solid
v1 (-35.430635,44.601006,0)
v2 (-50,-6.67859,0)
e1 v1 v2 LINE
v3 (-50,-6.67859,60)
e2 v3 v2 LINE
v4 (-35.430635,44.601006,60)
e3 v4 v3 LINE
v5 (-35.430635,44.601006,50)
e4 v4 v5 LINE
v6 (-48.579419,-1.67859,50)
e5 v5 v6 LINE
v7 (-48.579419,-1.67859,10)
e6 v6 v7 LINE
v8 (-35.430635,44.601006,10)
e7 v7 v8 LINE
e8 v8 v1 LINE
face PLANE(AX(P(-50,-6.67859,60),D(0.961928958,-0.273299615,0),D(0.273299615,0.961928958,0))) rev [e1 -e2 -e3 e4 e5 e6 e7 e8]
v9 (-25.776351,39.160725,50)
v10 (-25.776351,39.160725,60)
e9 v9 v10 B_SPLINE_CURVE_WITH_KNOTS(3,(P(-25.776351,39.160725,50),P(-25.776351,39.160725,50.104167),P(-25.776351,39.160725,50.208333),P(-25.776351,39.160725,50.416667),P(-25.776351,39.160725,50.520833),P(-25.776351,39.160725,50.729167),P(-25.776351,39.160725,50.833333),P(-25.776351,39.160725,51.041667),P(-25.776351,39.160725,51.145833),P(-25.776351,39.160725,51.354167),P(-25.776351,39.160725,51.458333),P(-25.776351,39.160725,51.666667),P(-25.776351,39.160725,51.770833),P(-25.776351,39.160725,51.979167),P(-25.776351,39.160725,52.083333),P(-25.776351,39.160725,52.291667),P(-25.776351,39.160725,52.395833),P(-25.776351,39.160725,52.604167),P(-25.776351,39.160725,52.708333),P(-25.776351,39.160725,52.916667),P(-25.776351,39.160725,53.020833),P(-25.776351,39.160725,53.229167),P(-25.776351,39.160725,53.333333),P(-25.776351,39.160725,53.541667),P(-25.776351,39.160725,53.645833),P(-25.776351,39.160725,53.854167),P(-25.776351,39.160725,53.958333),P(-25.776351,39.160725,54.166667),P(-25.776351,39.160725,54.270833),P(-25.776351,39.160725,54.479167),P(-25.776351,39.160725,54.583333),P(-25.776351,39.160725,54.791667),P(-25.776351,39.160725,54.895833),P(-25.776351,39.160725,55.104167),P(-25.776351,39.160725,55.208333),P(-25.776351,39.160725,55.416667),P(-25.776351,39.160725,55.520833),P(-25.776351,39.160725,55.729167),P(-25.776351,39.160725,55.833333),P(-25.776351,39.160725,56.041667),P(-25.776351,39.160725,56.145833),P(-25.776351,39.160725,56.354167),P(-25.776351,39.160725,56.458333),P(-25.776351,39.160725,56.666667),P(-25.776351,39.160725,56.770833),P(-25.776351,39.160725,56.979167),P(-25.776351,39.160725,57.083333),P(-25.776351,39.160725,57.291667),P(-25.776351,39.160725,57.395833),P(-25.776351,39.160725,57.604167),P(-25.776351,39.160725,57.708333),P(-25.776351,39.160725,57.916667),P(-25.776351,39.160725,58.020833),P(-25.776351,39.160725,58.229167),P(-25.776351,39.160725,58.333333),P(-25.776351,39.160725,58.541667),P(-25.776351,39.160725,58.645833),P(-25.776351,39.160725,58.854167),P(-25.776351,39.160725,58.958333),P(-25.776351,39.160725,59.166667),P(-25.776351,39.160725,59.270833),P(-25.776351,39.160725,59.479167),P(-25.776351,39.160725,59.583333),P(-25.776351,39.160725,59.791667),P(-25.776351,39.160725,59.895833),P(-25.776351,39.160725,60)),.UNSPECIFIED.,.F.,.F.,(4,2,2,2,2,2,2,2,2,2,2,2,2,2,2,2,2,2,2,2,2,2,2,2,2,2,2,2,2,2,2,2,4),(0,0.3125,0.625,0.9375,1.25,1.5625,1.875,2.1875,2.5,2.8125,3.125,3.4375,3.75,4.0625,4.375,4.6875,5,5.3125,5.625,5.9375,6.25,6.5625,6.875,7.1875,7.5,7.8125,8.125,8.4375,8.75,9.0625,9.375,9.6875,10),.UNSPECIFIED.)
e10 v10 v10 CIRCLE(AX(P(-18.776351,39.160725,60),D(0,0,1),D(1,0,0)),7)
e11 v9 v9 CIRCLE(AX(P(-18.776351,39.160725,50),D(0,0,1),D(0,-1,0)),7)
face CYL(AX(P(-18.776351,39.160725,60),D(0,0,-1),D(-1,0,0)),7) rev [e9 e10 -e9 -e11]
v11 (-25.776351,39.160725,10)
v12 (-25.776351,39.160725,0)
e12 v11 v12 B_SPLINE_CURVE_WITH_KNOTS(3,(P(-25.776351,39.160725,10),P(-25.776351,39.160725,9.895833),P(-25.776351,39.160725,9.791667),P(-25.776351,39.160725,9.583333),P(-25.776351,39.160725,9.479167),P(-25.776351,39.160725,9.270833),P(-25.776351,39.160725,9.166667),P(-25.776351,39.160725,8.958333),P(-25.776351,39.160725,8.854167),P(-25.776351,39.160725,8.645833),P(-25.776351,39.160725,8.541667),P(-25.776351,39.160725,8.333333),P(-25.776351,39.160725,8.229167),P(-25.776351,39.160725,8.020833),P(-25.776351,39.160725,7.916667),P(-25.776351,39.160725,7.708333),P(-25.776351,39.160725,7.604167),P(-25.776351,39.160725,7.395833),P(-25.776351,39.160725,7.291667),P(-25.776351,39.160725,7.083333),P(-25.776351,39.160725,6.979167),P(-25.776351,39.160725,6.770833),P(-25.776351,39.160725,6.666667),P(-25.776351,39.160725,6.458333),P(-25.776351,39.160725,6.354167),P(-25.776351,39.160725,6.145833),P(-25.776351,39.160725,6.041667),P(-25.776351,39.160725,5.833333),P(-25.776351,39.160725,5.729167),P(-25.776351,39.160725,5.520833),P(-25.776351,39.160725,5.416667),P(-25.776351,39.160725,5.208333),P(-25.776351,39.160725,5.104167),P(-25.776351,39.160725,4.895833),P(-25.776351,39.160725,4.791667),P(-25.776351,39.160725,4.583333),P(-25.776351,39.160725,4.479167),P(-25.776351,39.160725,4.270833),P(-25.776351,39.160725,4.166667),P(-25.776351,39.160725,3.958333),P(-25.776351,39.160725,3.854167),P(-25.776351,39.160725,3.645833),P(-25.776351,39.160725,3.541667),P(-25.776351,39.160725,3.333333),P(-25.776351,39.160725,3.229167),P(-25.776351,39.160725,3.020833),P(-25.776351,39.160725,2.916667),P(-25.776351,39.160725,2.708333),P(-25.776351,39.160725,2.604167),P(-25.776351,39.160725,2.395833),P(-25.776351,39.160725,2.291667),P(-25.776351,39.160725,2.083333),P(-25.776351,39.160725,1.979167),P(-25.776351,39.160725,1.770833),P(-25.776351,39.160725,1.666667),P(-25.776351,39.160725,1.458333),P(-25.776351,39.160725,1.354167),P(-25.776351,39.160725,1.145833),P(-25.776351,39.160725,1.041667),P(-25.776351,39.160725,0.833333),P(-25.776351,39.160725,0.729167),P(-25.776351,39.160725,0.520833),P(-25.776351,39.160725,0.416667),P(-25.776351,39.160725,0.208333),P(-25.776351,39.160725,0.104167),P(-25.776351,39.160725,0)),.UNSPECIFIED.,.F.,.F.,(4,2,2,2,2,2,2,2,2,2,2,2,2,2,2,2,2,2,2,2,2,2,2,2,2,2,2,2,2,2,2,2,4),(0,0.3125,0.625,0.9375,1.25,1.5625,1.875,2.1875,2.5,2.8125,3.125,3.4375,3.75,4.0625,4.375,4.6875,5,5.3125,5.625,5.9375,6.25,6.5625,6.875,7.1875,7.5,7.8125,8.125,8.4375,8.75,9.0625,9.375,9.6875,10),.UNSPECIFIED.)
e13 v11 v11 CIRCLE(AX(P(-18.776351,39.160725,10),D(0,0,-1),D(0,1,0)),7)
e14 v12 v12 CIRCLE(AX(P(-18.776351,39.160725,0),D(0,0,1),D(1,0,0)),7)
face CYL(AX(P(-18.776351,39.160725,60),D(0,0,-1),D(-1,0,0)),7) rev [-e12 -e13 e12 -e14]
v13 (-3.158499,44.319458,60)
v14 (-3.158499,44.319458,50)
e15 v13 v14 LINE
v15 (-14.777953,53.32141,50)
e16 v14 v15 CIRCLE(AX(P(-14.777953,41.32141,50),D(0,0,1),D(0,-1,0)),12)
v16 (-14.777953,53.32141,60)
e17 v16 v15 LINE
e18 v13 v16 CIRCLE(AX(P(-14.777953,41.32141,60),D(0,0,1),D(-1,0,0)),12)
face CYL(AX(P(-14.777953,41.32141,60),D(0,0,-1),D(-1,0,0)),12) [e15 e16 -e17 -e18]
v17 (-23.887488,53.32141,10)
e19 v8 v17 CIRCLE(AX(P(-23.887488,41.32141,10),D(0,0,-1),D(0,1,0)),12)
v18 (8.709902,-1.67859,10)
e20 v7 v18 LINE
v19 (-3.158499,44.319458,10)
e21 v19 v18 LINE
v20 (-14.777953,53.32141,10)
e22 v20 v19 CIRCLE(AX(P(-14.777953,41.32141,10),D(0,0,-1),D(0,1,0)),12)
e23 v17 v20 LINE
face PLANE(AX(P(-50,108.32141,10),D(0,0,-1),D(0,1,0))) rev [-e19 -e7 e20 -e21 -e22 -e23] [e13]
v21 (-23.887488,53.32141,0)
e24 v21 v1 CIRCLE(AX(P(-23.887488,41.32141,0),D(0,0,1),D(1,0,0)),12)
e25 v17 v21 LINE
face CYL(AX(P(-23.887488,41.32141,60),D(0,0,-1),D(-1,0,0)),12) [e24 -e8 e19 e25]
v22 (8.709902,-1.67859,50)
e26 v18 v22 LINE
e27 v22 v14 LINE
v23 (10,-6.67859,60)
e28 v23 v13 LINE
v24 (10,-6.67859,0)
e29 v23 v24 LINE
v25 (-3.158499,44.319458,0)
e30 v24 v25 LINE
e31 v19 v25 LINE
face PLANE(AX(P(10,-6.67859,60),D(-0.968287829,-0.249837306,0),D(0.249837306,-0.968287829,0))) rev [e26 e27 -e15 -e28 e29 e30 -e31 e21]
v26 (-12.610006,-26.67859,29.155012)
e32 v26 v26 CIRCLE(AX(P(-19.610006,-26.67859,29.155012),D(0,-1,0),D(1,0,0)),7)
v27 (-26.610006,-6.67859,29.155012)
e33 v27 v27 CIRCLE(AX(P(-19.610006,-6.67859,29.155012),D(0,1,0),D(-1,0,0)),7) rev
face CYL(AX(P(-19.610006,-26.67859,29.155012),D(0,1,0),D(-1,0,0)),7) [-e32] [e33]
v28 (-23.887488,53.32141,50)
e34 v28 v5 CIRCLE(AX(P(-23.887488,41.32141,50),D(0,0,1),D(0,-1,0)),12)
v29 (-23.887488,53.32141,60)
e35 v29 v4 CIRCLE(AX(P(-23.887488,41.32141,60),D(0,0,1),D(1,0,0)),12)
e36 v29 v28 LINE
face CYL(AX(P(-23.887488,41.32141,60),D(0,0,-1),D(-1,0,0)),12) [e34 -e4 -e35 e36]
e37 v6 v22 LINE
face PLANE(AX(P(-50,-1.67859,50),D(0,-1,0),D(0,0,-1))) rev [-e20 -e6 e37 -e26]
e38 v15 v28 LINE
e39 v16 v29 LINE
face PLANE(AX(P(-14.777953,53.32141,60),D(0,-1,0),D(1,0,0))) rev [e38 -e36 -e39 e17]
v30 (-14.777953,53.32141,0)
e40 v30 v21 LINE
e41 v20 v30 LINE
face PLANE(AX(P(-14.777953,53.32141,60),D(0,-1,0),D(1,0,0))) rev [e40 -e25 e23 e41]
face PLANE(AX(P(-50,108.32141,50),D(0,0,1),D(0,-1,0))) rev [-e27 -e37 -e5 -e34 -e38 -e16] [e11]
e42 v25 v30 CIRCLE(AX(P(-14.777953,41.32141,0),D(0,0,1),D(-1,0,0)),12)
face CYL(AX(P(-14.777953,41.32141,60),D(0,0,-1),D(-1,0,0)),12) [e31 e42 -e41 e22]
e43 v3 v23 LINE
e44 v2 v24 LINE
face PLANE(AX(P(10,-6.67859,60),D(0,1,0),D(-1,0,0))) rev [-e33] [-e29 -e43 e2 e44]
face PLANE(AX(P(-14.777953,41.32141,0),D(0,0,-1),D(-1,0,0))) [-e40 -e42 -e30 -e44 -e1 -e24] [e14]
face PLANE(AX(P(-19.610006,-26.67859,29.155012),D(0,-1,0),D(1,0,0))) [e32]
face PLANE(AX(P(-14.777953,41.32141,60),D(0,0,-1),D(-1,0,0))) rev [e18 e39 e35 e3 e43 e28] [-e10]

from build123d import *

# Parameters (mm, degrees)
CROQUIS1_R                 = 7
SALIENTE_EXTRUIR1_DEPTH    = 60
CORTAR_EXTRUIR1_DEPTH      = 95.568349883
CORTAR_EXTRUIR1_DEPTH_BACK = 95.568349883
CROQUIS2_W                 = 40
CROQUIS2_H                 = 110
CROQUIS3_R                 = 7
SALIENTE_EXTRUIR2_DEPTH    = 20


with BuildPart() as part:
    # Croquis1 → Saliente-Extruir1 (new body)
    with BuildSketch(Plane.XY):
        with BuildLine():
            Line((-50, -6.678589669), (-35.430635455, 44.601005707))
            ThreePointArc((-35.430635455, 44.601005707), (-31.120912301, 50.896250917), (-23.887487957, 53.321410331))
            Line((-23.887487957, 53.321410331), (-14.777953394, 53.321410331))
            ThreePointArc((-14.777953394, 53.321410331), (-7.428687176, 50.807625912), (-3.158499443, 44.319458007))
            Line((-3.158499443, 44.319458007), (10, -6.678589669))
            Line((10, -6.678589669), (-50, -6.678589669))
        make_face()
        with Locations(Location((-18.776351085, 39.16072457, 0), (0, 0, 180))):
            Circle(CROQUIS1_R, mode=Mode.SUBTRACT)
    extrude(amount=SALIENTE_EXTRUIR1_DEPTH)

    # Croquis2 → Cortar-Extruir1 (cut, two sides: drawn at the far end of the back side and taken through both)
    with BuildSketch(Plane(origin=(0, 0, 0), x_dir=(0, 0, -1), z_dir=(1, 0, 0)).offset(-CORTAR_EXTRUIR1_DEPTH_BACK)):
        with Locations((-30, 53.321410331)):
            Rectangle(CROQUIS2_W, CROQUIS2_H)
    extrude(amount=CORTAR_EXTRUIR1_DEPTH + CORTAR_EXTRUIR1_DEPTH_BACK, mode=Mode.SUBTRACT)

    # Croquis3 → Saliente-Extruir2 (add)
    with BuildSketch(Plane.XZ.offset(6.678589669)):
        with Locations(Location((-19.610005653, 29.155012249, 0), (0, 0, 180))):
            Circle(CROQUIS3_R)
    extrude(amount=SALIENTE_EXTRUIR2_DEPTH)


solid = part.part
